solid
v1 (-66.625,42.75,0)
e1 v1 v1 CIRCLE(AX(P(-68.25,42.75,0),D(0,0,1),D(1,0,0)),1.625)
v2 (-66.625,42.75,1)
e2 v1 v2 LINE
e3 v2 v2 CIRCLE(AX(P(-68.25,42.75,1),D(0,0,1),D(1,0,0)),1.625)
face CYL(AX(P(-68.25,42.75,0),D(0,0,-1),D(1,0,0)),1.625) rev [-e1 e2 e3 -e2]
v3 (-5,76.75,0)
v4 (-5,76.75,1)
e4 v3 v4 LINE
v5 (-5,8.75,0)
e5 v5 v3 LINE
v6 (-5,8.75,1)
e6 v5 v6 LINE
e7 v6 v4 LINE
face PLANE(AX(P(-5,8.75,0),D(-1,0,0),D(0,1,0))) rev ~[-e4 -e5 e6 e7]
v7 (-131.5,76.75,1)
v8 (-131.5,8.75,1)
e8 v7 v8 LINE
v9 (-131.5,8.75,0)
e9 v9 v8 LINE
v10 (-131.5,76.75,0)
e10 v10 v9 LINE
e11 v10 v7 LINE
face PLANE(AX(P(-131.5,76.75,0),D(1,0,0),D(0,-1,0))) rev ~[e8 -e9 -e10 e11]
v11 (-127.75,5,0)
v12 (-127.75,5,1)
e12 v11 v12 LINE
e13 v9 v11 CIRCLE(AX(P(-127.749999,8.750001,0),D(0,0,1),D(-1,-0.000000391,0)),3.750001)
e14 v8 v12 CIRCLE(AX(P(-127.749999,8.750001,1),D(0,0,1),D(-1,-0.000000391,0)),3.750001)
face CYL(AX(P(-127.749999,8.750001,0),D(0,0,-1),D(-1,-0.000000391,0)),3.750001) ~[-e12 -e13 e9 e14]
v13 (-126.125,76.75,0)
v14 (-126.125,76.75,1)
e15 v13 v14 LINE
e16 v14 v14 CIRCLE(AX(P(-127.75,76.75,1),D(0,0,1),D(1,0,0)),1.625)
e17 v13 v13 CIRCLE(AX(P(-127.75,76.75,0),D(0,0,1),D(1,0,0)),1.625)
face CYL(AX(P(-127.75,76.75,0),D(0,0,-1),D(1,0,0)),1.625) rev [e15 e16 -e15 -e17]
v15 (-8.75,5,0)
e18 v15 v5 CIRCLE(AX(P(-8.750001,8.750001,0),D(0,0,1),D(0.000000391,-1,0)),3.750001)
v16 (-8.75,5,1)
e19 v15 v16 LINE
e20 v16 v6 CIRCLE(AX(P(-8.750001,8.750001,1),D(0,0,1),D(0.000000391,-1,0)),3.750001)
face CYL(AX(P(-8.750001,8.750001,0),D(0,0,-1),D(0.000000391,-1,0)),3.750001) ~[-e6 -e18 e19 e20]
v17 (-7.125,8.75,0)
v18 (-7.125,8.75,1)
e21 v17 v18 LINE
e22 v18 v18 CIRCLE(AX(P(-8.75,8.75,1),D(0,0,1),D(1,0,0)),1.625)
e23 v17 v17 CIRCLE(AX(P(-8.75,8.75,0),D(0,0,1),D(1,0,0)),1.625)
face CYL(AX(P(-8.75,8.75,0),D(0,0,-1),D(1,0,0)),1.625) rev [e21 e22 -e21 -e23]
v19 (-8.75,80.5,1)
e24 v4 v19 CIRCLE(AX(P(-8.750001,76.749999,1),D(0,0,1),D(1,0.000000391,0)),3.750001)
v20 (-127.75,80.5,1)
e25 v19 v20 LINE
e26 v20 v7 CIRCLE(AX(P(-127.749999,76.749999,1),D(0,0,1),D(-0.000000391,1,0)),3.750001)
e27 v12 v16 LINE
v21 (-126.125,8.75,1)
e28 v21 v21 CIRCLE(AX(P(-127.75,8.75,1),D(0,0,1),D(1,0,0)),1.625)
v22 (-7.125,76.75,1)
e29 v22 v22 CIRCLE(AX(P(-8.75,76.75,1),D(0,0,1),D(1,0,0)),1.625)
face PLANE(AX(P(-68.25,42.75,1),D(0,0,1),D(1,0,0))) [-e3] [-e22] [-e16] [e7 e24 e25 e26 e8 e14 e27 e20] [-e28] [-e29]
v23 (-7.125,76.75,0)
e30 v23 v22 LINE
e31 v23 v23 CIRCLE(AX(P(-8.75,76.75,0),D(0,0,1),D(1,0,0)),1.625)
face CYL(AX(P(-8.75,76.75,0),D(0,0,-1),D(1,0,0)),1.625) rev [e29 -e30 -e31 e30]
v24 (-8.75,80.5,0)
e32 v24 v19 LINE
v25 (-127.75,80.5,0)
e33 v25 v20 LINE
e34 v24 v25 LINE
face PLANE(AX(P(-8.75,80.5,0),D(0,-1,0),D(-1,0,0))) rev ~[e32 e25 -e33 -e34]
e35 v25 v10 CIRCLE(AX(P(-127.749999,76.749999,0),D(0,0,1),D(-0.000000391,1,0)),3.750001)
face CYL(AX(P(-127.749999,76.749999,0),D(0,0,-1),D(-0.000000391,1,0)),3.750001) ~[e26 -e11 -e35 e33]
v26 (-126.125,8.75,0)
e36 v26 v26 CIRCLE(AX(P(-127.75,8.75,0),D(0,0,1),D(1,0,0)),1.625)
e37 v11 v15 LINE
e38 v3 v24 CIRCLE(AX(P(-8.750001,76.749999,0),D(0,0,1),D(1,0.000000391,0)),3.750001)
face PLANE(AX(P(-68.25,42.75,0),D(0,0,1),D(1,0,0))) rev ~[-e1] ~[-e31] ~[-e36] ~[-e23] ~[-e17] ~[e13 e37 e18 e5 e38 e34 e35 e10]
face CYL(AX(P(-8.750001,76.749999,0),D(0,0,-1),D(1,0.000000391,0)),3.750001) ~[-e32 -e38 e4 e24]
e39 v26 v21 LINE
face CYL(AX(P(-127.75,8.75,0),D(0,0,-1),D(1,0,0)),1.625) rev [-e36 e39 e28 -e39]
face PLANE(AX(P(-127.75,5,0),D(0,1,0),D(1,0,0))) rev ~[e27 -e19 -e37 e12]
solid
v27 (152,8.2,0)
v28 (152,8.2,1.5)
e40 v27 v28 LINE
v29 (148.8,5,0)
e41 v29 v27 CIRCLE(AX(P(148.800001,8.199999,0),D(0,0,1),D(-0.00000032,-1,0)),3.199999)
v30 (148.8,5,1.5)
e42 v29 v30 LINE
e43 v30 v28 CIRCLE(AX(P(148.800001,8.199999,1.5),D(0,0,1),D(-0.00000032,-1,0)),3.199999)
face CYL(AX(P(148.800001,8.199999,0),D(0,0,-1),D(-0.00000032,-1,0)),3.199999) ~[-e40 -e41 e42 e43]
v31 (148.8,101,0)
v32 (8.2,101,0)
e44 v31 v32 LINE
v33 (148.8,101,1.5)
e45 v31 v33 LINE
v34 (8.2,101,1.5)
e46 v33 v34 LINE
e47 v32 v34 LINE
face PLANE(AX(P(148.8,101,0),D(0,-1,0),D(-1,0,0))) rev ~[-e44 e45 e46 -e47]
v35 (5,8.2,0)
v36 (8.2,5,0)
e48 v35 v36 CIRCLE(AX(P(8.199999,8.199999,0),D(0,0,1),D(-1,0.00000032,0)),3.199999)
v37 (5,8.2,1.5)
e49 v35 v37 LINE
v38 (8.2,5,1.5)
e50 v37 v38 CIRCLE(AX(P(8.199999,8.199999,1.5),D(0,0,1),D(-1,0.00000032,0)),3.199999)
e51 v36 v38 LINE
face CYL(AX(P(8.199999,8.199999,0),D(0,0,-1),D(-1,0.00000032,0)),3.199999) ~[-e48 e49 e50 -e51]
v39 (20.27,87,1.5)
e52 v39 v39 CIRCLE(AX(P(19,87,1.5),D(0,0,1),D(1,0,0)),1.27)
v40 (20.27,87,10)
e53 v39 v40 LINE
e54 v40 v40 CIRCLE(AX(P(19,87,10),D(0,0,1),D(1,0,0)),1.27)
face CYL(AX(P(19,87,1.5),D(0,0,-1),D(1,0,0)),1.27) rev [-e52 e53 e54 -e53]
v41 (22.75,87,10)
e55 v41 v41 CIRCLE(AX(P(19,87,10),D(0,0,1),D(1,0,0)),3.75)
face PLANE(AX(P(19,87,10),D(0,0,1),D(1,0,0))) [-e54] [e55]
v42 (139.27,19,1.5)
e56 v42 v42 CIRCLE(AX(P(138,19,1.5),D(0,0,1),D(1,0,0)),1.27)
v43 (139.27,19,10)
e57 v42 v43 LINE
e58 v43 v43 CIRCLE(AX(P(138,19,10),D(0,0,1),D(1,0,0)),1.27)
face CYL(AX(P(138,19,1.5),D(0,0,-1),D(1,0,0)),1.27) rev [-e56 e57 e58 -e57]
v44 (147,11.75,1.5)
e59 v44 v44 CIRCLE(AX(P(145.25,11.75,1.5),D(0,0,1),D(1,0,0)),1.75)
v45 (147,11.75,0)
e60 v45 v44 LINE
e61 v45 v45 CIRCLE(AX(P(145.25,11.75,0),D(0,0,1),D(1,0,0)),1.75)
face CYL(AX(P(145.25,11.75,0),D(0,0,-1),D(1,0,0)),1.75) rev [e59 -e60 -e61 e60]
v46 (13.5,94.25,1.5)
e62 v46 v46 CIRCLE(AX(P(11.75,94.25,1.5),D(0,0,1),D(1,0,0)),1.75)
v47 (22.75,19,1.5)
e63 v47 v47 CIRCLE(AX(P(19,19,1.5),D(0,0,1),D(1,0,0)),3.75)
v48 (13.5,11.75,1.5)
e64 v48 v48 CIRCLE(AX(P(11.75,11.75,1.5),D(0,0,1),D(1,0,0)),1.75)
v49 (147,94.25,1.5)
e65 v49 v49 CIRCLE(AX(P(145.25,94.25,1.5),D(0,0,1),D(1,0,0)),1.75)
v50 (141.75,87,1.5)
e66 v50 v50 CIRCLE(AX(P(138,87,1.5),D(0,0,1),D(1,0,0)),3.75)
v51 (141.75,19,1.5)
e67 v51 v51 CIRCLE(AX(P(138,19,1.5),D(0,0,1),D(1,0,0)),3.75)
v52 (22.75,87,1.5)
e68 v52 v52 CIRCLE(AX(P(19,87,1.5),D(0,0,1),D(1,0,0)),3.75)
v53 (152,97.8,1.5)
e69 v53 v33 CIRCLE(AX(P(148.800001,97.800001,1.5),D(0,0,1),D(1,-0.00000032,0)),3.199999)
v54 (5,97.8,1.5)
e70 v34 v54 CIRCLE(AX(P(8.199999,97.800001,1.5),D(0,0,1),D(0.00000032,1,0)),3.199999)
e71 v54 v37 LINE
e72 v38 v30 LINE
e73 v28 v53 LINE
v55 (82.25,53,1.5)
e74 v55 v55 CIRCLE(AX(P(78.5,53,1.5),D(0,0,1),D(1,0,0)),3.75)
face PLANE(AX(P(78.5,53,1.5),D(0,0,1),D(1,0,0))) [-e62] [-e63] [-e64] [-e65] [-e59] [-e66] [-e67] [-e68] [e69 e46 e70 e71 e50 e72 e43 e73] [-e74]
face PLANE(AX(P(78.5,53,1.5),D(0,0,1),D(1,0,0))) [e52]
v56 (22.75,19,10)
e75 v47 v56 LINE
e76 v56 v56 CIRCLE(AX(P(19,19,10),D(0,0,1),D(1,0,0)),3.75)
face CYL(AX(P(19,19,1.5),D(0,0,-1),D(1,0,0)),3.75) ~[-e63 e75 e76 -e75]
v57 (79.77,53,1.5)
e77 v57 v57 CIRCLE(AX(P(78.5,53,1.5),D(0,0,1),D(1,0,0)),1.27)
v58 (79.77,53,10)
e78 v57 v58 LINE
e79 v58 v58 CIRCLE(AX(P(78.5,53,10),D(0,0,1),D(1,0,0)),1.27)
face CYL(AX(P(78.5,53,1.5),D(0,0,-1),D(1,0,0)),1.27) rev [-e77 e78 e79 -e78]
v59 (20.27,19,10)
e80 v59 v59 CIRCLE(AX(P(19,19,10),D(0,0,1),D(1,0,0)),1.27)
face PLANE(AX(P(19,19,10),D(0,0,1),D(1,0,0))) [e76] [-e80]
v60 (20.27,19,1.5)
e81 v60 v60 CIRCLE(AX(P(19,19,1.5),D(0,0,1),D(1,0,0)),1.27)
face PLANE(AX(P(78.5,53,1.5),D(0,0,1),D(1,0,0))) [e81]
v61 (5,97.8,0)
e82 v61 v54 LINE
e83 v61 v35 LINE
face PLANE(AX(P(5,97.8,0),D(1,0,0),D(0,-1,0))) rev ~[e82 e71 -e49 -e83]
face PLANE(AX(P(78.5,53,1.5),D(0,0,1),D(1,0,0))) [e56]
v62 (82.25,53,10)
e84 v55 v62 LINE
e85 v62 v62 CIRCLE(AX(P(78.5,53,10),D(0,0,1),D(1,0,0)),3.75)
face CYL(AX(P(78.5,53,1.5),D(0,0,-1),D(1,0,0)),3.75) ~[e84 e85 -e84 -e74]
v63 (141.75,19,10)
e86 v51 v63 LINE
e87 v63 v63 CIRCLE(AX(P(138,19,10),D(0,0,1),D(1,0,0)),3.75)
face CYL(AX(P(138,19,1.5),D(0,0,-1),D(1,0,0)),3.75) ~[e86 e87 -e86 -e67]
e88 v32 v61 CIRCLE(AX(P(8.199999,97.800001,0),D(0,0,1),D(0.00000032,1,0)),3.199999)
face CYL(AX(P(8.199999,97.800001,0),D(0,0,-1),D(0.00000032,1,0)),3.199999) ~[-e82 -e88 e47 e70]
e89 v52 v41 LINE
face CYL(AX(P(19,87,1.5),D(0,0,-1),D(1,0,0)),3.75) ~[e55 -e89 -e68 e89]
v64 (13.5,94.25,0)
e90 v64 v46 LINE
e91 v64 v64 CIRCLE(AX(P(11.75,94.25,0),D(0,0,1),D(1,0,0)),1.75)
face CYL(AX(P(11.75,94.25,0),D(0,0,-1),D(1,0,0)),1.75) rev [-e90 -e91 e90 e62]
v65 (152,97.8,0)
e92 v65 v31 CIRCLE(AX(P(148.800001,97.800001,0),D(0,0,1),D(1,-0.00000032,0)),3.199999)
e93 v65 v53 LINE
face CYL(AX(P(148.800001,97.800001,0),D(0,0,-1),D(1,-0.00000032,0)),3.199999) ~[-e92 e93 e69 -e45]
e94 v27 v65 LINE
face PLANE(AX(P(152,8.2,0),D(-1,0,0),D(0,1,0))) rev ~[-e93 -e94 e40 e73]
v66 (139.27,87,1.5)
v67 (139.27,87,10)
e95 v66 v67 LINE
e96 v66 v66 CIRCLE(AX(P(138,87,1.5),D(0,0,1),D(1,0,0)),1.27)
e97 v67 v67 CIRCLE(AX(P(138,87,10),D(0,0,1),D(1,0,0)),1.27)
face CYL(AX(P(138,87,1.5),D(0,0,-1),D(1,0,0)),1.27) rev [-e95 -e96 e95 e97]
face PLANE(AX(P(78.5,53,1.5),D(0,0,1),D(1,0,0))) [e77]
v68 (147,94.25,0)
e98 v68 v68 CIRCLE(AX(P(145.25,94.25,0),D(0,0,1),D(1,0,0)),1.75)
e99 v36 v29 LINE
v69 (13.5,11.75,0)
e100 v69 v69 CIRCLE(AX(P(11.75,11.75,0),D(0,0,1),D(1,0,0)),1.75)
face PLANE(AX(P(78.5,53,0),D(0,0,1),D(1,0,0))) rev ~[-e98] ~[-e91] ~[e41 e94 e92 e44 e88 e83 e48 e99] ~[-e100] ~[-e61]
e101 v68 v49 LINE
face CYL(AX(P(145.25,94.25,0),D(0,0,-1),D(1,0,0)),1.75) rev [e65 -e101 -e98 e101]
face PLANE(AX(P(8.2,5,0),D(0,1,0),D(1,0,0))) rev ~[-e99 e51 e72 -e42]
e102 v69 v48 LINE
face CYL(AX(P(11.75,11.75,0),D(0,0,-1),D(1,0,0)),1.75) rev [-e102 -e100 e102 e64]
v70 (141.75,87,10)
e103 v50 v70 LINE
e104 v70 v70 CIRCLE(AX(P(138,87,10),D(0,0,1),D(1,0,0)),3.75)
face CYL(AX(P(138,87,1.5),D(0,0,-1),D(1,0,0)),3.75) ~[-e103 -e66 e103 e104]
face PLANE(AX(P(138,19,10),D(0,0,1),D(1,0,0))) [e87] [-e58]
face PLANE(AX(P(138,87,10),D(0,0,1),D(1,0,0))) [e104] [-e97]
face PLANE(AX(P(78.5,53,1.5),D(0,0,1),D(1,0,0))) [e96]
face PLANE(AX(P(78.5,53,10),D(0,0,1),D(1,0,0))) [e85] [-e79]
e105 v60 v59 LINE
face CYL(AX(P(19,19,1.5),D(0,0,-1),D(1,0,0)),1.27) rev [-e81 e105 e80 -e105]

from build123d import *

# Parameters (mm, degrees)
F0_R     = 1.75
F1_DEPTH = 1.5
F2_R     = 3.75
F2_R_2   = 1.27
F3_DEPTH = 8.5
F4_R     = 1.625
F5_DEPTH = 1


with BuildPart() as f1:
    # F0 (on Top) → F1 (new body)
    with BuildSketch(Plane.XY):
        with BuildLine():
            ThreePointArc((5, 8.2), (5.937258, 5.937258), (8.2, 5))
            Line((8.2, 5), (148.8, 5))
            ThreePointArc((148.8, 5), (151.062742, 5.937258), (152, 8.2))
            Line((152, 8.2), (152, 97.8))
            ThreePointArc((152, 97.8), (151.062742, 100.062742), (148.8, 101))
            Line((148.8, 101), (8.2, 101))
            ThreePointArc((8.2, 101), (5.937258, 100.062742), (5, 97.8))
            Line((5, 97.8), (5, 8.2))
        make_face()
        with Locations((11.75, 11.75)):
            Circle(F0_R, mode=Mode.SUBTRACT)
        with Locations((145.25, 11.75)):
            Circle(F0_R, mode=Mode.SUBTRACT)
        with Locations((11.75, 94.25)):
            Circle(F0_R, mode=Mode.SUBTRACT)
        with Locations((145.25, 94.25)):
            Circle(F0_R, mode=Mode.SUBTRACT)
    extrude(amount=F1_DEPTH)

    # F2 (on face) → F3 (join)
    with BuildSketch(Plane.XY.offset(1.5)):
        with Locations((19, 19)):
            Circle(F2_R)
        with Locations((19, 19)):
            Circle(F2_R_2, mode=Mode.SUBTRACT)
        with Locations((138, 19)):
            Circle(F2_R)
        with Locations((138, 19)):
            Circle(F2_R_2, mode=Mode.SUBTRACT)
        with Locations((138, 87)):
            Circle(F2_R)
        with Locations((138, 87)):
            Circle(F2_R_2, mode=Mode.SUBTRACT)
        with Locations((19, 87)):
            Circle(F2_R)
        with Locations((19, 87)):
            Circle(F2_R_2, mode=Mode.SUBTRACT)
        with Locations((78.5, 53)):
            Circle(F2_R)
        with Locations((78.5, 53)):
            Circle(F2_R_2, mode=Mode.SUBTRACT)
    extrude(amount=F3_DEPTH)


with BuildPart() as f5:
    # F4 (on Top) → F5 (new body)
    with BuildSketch(Plane.XY):
        with BuildLine():
            Line((-127.75, 5), (-8.75, 5))
            ThreePointArc((-8.75, 5), (-6.09835, 6.09835), (-5, 8.75))
            Line((-5, 8.75), (-5, 76.75))
            ThreePointArc((-5, 76.75), (-6.09835, 79.40165), (-8.75, 80.5))
            Line((-8.75, 80.5), (-127.75, 80.5))
            ThreePointArc((-127.75, 80.5), (-130.40165, 79.40165), (-131.5, 76.75))
            Line((-131.5, 76.75), (-131.5, 8.75))
            ThreePointArc((-131.5, 8.75), (-130.40165, 6.09835), (-127.75, 5))
        make_face()
        with Locations((-127.75, 8.75)):
            Circle(F4_R, mode=Mode.SUBTRACT)
        with Locations((-8.75, 8.75)):
            Circle(F4_R, mode=Mode.SUBTRACT)
        with Locations((-68.25, 42.75)):
            Circle(F4_R, mode=Mode.SUBTRACT)
        with Locations((-127.75, 76.75)):
            Circle(F4_R, mode=Mode.SUBTRACT)
        with Locations((-8.75, 76.75)):
            Circle(F4_R, mode=Mode.SUBTRACT)
    extrude(amount=F5_DEPTH)


solid = Compound([f1.part, f5.part])
